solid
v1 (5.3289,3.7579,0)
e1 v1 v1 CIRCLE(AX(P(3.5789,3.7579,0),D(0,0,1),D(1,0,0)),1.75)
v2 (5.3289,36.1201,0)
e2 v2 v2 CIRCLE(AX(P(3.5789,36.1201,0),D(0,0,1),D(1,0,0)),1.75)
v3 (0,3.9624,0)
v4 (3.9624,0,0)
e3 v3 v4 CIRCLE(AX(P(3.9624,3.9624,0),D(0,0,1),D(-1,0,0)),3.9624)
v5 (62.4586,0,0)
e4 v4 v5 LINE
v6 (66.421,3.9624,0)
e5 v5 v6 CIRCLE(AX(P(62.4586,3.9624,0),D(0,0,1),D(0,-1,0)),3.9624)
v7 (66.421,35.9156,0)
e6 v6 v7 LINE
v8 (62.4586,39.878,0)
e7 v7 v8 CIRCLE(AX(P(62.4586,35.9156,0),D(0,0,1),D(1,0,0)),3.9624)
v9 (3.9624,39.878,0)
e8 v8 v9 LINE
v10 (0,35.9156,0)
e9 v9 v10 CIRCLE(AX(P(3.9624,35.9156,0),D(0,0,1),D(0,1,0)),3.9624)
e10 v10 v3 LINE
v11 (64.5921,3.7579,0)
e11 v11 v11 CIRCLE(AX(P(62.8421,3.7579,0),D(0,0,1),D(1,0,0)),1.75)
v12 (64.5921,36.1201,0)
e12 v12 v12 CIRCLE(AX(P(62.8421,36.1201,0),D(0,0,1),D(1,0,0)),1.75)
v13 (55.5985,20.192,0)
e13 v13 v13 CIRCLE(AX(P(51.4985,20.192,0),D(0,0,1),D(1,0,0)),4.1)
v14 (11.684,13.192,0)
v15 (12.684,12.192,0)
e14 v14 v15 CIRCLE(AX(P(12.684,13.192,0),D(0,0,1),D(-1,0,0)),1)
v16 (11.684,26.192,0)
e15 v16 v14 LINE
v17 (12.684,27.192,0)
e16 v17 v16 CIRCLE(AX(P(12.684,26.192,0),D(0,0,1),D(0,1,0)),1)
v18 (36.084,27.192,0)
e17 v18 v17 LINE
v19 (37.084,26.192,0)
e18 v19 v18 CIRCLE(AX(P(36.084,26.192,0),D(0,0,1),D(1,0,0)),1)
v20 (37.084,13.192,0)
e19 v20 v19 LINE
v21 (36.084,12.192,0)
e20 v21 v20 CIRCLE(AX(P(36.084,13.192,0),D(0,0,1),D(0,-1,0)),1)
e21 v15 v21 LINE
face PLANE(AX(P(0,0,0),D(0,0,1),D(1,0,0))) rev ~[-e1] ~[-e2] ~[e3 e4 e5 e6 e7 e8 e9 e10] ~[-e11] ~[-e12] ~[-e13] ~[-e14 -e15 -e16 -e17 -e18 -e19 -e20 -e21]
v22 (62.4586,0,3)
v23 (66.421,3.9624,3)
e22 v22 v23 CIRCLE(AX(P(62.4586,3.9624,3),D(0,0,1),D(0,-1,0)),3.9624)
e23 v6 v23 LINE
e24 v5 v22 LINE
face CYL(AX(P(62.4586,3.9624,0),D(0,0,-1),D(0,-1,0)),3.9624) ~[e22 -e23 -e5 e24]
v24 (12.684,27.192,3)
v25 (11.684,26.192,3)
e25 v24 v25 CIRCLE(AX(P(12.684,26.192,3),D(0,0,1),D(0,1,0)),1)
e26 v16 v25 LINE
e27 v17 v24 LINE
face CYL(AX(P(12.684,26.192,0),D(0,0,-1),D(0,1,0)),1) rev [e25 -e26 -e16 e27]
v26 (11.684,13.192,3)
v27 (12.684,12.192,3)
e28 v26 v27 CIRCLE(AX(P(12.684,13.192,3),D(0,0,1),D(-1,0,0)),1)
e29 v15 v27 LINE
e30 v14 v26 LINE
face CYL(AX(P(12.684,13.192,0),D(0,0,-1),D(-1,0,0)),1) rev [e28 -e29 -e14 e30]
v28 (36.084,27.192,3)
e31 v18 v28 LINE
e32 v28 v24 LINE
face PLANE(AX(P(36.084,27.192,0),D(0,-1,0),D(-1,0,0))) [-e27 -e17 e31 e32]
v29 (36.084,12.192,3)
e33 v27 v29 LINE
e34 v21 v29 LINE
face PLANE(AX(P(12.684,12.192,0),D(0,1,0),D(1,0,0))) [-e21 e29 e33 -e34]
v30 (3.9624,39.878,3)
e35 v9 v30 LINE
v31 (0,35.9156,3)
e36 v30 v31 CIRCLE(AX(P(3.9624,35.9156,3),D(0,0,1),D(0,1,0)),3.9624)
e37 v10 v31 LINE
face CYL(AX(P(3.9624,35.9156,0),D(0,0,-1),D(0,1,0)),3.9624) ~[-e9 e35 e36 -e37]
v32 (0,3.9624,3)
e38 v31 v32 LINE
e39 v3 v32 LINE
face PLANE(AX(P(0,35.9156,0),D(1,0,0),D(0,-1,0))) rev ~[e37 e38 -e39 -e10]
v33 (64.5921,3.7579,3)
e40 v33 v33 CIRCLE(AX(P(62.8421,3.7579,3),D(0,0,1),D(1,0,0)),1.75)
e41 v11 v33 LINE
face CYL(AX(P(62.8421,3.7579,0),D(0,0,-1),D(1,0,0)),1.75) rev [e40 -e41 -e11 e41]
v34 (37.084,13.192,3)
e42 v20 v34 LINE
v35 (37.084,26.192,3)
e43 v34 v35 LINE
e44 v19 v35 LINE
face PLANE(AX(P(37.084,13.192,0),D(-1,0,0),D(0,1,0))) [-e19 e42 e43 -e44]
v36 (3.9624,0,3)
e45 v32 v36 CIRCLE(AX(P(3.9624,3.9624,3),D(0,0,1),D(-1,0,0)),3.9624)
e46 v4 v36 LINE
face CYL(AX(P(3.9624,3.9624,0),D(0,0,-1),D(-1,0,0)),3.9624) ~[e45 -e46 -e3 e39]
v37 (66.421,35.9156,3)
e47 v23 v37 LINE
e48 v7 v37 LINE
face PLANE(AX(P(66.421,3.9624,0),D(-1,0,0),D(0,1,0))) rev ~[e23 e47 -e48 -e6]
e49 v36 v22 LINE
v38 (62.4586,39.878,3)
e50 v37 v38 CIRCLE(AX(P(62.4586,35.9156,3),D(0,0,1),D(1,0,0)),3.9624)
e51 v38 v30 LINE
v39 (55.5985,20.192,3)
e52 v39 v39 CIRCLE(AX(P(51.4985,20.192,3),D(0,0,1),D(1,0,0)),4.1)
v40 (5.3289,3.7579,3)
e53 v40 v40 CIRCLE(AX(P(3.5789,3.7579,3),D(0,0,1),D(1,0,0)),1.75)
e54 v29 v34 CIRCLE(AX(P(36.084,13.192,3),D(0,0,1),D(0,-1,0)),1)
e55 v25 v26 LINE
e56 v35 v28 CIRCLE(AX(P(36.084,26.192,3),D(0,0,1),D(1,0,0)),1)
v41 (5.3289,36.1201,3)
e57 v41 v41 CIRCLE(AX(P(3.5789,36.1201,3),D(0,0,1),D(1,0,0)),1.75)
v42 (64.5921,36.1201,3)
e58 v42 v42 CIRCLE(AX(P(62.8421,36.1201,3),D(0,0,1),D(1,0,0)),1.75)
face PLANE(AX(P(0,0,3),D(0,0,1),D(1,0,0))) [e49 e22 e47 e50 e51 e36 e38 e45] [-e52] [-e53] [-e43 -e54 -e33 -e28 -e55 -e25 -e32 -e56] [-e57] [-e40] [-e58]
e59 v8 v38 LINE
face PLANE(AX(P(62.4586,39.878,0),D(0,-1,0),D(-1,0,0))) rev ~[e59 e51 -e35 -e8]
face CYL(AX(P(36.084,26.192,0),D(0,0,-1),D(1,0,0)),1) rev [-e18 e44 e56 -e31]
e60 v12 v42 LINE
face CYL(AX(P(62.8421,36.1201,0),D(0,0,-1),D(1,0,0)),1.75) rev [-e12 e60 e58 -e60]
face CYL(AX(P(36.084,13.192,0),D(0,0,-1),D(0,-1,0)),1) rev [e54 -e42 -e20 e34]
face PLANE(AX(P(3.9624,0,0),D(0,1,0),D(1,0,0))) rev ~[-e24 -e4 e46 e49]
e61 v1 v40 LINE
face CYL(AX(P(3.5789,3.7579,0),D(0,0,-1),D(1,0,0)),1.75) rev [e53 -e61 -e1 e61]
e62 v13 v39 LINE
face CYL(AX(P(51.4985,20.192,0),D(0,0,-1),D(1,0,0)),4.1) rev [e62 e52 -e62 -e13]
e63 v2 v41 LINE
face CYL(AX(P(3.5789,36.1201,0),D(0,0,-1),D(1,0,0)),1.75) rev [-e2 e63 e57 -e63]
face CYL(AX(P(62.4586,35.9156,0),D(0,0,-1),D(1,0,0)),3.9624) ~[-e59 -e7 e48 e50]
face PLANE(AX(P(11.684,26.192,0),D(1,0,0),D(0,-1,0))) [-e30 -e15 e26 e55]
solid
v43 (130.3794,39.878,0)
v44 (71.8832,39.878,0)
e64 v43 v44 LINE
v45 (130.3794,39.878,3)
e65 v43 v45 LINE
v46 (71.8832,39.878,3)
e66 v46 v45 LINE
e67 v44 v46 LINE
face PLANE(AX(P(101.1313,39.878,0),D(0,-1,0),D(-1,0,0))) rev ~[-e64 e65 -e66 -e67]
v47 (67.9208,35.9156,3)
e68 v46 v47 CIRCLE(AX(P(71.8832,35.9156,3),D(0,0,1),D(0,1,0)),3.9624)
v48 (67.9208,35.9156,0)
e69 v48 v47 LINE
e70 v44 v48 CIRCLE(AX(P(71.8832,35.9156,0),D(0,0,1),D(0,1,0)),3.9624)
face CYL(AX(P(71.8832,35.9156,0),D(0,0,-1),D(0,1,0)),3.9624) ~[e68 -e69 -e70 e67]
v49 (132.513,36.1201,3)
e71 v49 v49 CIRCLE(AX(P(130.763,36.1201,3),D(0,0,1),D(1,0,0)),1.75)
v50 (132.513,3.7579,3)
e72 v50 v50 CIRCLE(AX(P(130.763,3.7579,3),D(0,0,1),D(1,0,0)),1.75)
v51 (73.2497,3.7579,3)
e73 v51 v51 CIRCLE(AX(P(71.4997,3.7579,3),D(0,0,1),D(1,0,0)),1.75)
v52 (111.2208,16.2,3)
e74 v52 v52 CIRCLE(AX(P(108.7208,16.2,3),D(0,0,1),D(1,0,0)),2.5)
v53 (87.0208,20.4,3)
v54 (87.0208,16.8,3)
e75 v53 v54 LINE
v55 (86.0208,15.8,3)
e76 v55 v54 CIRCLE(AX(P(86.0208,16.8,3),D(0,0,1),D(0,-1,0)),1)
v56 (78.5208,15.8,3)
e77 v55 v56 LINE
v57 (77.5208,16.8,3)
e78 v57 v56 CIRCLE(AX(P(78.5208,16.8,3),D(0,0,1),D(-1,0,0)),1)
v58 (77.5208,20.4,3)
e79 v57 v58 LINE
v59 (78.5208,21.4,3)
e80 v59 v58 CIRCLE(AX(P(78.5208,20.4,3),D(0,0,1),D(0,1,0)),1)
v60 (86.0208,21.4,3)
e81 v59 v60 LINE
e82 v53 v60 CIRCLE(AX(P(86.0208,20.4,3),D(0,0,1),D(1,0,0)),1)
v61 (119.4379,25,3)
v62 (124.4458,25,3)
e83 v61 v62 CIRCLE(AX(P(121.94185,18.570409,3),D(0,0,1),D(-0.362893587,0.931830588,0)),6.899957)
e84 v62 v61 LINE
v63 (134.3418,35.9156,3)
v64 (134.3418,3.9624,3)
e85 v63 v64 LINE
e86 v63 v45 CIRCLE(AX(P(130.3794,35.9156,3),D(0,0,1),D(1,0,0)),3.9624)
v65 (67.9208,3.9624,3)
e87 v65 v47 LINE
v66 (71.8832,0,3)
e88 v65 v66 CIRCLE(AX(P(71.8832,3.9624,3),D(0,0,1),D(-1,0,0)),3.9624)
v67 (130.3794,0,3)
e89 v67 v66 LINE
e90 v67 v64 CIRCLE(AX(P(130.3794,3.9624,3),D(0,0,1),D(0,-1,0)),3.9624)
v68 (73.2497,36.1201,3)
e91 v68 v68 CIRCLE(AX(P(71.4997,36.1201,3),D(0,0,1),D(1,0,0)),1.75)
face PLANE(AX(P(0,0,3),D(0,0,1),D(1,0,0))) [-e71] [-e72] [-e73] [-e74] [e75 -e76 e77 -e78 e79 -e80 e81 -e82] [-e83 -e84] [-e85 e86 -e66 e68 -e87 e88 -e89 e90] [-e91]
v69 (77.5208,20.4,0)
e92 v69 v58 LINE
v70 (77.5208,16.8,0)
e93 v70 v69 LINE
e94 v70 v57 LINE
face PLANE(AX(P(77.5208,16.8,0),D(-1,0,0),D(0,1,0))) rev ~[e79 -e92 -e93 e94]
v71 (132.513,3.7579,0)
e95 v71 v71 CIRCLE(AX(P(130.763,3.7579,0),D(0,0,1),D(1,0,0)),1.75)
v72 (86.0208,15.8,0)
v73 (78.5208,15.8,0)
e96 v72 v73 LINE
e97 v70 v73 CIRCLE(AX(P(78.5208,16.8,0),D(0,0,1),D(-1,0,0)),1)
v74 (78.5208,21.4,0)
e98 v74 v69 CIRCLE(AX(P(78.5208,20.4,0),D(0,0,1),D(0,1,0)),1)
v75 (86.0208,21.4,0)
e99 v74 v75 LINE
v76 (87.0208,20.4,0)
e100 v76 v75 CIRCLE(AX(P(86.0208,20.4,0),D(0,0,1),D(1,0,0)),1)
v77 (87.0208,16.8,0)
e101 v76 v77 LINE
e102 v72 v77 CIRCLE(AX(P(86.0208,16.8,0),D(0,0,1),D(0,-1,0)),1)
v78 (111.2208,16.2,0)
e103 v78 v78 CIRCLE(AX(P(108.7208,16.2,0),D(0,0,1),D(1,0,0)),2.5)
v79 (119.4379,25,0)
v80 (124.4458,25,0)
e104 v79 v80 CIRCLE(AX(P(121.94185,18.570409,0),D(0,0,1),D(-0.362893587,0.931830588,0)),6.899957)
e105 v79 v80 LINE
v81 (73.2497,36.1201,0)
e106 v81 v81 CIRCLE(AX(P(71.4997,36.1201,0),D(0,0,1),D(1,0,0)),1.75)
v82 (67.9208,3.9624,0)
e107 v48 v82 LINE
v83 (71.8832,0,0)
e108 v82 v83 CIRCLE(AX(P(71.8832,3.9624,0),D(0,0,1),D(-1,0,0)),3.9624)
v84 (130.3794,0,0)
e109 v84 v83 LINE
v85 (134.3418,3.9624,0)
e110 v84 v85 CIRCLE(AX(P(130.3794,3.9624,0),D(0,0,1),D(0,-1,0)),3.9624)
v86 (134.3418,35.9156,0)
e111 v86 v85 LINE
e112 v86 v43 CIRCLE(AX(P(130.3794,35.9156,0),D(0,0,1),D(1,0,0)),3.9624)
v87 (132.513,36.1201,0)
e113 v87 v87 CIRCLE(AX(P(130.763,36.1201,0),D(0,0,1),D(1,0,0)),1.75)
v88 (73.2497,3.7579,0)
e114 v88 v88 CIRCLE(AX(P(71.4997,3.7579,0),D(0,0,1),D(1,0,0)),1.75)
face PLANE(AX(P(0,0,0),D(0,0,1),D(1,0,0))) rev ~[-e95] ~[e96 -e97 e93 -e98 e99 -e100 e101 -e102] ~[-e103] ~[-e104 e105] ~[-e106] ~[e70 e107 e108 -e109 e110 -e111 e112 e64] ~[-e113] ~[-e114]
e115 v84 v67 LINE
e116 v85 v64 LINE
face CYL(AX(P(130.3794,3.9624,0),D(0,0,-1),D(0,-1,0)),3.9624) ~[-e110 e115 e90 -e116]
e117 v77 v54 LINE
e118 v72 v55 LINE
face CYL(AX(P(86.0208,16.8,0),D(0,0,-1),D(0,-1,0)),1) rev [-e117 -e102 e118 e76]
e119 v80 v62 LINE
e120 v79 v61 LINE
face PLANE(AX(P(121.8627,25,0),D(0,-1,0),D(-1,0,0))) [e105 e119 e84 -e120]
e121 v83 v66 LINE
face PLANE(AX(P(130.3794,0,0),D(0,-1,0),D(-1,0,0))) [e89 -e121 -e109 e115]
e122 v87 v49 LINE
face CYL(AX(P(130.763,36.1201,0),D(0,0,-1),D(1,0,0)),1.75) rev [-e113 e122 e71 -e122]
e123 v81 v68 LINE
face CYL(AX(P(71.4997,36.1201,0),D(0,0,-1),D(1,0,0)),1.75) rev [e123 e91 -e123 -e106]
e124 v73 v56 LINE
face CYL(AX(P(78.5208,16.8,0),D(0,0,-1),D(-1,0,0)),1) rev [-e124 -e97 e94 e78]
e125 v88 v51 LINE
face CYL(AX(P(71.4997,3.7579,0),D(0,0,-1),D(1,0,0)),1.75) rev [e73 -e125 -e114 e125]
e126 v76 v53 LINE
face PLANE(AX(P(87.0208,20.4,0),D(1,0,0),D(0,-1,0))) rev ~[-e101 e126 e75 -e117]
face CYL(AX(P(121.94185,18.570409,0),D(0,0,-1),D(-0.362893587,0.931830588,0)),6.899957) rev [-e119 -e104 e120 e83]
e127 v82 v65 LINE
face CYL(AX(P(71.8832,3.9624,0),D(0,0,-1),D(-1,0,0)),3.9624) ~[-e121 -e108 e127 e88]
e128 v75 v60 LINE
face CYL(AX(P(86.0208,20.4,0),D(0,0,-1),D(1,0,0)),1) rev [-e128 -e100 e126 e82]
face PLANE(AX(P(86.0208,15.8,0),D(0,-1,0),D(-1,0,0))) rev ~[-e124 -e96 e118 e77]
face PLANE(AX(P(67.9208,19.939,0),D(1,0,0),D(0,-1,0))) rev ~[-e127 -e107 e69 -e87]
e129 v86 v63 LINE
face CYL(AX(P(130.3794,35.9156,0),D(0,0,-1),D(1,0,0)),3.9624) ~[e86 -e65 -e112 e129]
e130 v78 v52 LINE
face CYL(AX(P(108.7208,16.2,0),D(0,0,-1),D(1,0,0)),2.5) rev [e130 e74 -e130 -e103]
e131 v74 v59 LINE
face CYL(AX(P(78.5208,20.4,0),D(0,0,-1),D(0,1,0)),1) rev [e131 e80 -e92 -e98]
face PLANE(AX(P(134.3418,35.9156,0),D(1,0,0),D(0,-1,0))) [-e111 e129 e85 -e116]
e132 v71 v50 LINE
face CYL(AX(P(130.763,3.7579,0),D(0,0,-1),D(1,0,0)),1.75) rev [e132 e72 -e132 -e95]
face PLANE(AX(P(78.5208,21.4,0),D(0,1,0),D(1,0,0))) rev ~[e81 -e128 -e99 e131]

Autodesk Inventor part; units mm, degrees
ref_plane "YZ Plane" through (0, 0, 0) normal (1, 0, 0) x (0, 1, 0)
ref_plane "XZ Plane" through (0, 0, 0) normal (0, 1, 0) x (-1, 0, 0)
ref_plane "XY Plane" through (0, 0, 0) normal (0, 0, 1) x (1, 0, 0)
sketch "Sketch1" plane through (0, 0, 0) normal (0, 0, 1) x (1, 0, 0)
  line L0 (121.8627, 25) -> (119.4379, 25)
  line L1 (121.8627, 25) -> (124.4458, 25)
  arc A0 (119.4379, 25) -> (124.4458, 25) centre (121.9418, 18.5704) ccw
  circle A1 centre (130.763, 3.7579) radius 1.75
  arc A2 (130.3794, 0) -> (134.3418, 3.9624) centre (130.3794, 3.9624) ccw
  line L2 (134.3418, 35.9156) -> (134.3418, 3.9624)
  arc A3 (134.3418, 35.9156) -> (130.3794, 39.878) centre (130.3794, 35.9156) ccw
  circle A4 centre (130.763, 36.1201) radius 1.75
  circle A5 centre (108.7208, 16.2) radius 2.5
  line L3 (130.3794, 0) -> (71.8832, 0)
  line L4 (130.3794, 39.878) -> (71.8832, 39.878)
  line L5 (71.8832, 39.878) -> (130.3794, 39.878)
  line L6 (130.3794, 39.878) -> (71.8832, 39.878)
  circle A6 centre (96.6208, 18.7) radius 4
  line L7 (87.0208, 20.4) -> (87.0208, 16.8)
  line L8 (87.0208, 16.8) -> (87.0208, 20.4)
  arc A7 (86.0208, 15.8) -> (87.0208, 16.8) centre (86.0208, 16.8) ccw
  arc A8 (86.0208, 15.8) -> (87.0208, 16.8) centre (86.0208, 16.8) ccw
  line L9 (78.5208, 21.4) -> (86.0208, 21.4)
  line L10 (86.0208, 21.4) -> (78.5208, 21.4)
  line L11 (86.0208, 15.8) -> (78.5208, 15.8)
  line L12 (78.5208, 15.8) -> (86.0208, 15.8)
  line L13 (101.1313, 39.878) -> (71.4997, 39.878)
  arc A9 (78.5208, 21.4) -> (77.5208, 20.4) centre (78.5208, 20.4) ccw
  arc A10 (78.5208, 21.4) -> (77.5208, 20.4) centre (78.5208, 20.4) ccw
  circle A11 centre (71.4997, 36.1201) radius 1.75
  arc A12 (77.5208, 16.8) -> (78.5208, 15.8) centre (78.5208, 16.8) ccw
  arc A13 (77.5208, 16.8) -> (78.5208, 15.8) centre (78.5208, 16.8) ccw
  circle A14 centre (71.4997, 3.7579) radius 1.75
  arc A15 (71.8832, 39.878) -> (67.9208, 35.9156) centre (71.8832, 35.9156) ccw
  arc A16 (71.8832, 39.878) -> (67.9208, 35.9156) centre (71.8832, 35.9156) ccw
  arc A17 (67.9208, 3.9624) -> (71.8832, 0) centre (71.8832, 3.9624) ccw
  arc A18 (67.9208, 3.9624) -> (71.8832, 0) centre (71.8832, 3.9624) ccw
  line L14 (77.5208, 16.8) -> (77.5208, 20.4)
  line L15 (77.5208, 20.4) -> (77.5208, 16.8)
  line L16 (3.9624, 0) -> (62.4586, 0)
  line L17 (3.9624, 0) -> (62.4586, 0)
  arc A19 (87.0208, 20.4) -> (86.0208, 21.4) centre (86.0208, 20.4) ccw
  arc A20 (87.0208, 20.4) -> (86.0208, 21.4) centre (86.0208, 20.4) ccw
  line L18 (37.084, 13.192) -> (37.084, 26.192)
  arc A21 (66.421, 35.9156) -> (62.4586, 39.878) centre (62.4586, 35.9156) ccw
  arc A22 (62.4586, 0) -> (66.421, 3.9624) centre (62.4586, 3.9624) ccw
  circle A23 centre (62.8421, 3.7579) radius 1.75
  circle A24 centre (51.4985, 20.192) radius 4.1
  line L19 (37.084, 26.192) -> (37.084, 13.192)
  arc A25 (36.084, 12.192) -> (37.084, 13.192) centre (36.084, 13.192) ccw
  arc A26 (37.084, 26.192) -> (36.084, 27.192) centre (36.084, 26.192) ccw
  line L20 (67.9208, 35.9156) -> (67.9208, 3.9624)
  line L21 (67.9208, 35.9156) -> (67.9208, 3.9624)
  line L22 (67.9208, 3.9624) -> (67.9208, 35.9156)
  line L23 (67.9208, 19.939) -> (67.9208, 36.1201)
  circle A27 centre (62.8421, 36.1201) radius 1.75
  line L24 (66.421, 3.9624) -> (66.421, 35.9156)
  line L25 (36.084, 27.192) -> (12.684, 27.192)
  arc A28 (3.9624, 39.878) -> (0, 35.9156) centre (3.9624, 35.9156) ccw
  arc A29 (3.9624, 39.878) -> (0, 35.9156) centre (3.9624, 35.9156) ccw
  line L26 (62.4586, 39.878) -> (3.9624, 39.878)
  line L27 (62.4586, 39.878) -> (3.9624, 39.878)
  line L28 (12.684, 12.192) -> (36.084, 12.192)
  arc A30 (0, 3.9624) -> (3.9624, 0) centre (3.9624, 3.9624) ccw
  circle A31 centre (3.5789, 3.7579) radius 1.75
  arc A32 (11.684, 13.192) -> (12.684, 12.192) centre (12.684, 13.192) ccw
  line L29 (11.684, 26.192) -> (11.684, 13.192)
  arc A33 (12.684, 27.192) -> (11.684, 26.192) centre (12.684, 26.192) ccw
  line L30 (0, 35.9156) -> (0, 3.9624)
  line L31 (0, 35.9156) -> (0, 3.9624)
  circle A34 centre (3.5789, 36.1201) radius 1.75
  arc A35 (0, 3.9624) -> (3.9624, 0) centre (3.9624, 3.9624) ccw
  point P0 (0, 0)
  dimension "d2" = 28.7
extrude "Extrusion1" add sketch "Sketch1" along normal blind 3
sketch "Sketch2" plane through (0, 0, 3) normal (0, 0, 1) x (1, 0, 0)
  arc A0 (119.4379, 25) -> (124.4458, 25) centre (121.9418, 18.5704) ccw projected
  line L0 (119.4379, 25) -> (124.4458, 25) projected
  line L1 (87.0208, 20.4) -> (87.0208, 16.8) projected
  arc A1 (86.0208, 15.8) -> (87.0208, 16.8) centre (86.0208, 16.8) ccw projected
  line L2 (86.0208, 15.8) -> (78.5208, 15.8) projected
  arc A2 (77.5208, 16.8) -> (78.5208, 15.8) centre (78.5208, 16.8) ccw projected
  line L3 (77.5208, 16.8) -> (77.5208, 20.4) projected
  arc A3 (78.5208, 21.4) -> (77.5208, 20.4) centre (78.5208, 20.4) ccw projected
  line L4 (78.5208, 21.4) -> (86.0208, 21.4) projected
  arc A4 (87.0208, 20.4) -> (86.0208, 21.4) centre (86.0208, 20.4) ccw projected
  circle A5 centre (96.6208, 18.7) radius 4 projected
  circle A6 centre (108.7208, 16.2) radius 2.5 projected
  circle A7 centre (71.4997, 3.7579) radius 1.75 projected
  circle A8 centre (71.4997, 36.1201) radius 1.75 projected
  circle A9 centre (130.763, 36.1201) radius 1.75 projected
  circle A10 centre (130.763, 3.7579) radius 1.75 projected
  arc A11 (130.3794, 0) -> (134.3418, 3.9624) centre (130.3794, 3.9624) ccw projected
  line L5 (134.3418, 3.9624) -> (134.3418, 35.9156) projected
  arc A12 (134.3418, 35.9156) -> (130.3794, 39.878) centre (130.3794, 35.9156) ccw projected
  line L6 (130.3794, 39.878) -> (71.8832, 39.878) projected
  arc A13 (71.8832, 39.878) -> (67.9208, 35.9156) centre (71.8832, 35.9156) ccw projected
  line L7 (67.9208, 35.9156) -> (67.9208, 3.9624) projected
  arc A14 (67.9208, 3.9624) -> (71.8832, 0) centre (71.8832, 3.9624) ccw projected
  line L8 (71.8832, 0) -> (130.3794, 0) projected
  point P0 (0, 0)
extrude "Extrusion2" add sketch "Sketch2" against normal blind 3 contours A5
properties part number "FacePlates 2"
